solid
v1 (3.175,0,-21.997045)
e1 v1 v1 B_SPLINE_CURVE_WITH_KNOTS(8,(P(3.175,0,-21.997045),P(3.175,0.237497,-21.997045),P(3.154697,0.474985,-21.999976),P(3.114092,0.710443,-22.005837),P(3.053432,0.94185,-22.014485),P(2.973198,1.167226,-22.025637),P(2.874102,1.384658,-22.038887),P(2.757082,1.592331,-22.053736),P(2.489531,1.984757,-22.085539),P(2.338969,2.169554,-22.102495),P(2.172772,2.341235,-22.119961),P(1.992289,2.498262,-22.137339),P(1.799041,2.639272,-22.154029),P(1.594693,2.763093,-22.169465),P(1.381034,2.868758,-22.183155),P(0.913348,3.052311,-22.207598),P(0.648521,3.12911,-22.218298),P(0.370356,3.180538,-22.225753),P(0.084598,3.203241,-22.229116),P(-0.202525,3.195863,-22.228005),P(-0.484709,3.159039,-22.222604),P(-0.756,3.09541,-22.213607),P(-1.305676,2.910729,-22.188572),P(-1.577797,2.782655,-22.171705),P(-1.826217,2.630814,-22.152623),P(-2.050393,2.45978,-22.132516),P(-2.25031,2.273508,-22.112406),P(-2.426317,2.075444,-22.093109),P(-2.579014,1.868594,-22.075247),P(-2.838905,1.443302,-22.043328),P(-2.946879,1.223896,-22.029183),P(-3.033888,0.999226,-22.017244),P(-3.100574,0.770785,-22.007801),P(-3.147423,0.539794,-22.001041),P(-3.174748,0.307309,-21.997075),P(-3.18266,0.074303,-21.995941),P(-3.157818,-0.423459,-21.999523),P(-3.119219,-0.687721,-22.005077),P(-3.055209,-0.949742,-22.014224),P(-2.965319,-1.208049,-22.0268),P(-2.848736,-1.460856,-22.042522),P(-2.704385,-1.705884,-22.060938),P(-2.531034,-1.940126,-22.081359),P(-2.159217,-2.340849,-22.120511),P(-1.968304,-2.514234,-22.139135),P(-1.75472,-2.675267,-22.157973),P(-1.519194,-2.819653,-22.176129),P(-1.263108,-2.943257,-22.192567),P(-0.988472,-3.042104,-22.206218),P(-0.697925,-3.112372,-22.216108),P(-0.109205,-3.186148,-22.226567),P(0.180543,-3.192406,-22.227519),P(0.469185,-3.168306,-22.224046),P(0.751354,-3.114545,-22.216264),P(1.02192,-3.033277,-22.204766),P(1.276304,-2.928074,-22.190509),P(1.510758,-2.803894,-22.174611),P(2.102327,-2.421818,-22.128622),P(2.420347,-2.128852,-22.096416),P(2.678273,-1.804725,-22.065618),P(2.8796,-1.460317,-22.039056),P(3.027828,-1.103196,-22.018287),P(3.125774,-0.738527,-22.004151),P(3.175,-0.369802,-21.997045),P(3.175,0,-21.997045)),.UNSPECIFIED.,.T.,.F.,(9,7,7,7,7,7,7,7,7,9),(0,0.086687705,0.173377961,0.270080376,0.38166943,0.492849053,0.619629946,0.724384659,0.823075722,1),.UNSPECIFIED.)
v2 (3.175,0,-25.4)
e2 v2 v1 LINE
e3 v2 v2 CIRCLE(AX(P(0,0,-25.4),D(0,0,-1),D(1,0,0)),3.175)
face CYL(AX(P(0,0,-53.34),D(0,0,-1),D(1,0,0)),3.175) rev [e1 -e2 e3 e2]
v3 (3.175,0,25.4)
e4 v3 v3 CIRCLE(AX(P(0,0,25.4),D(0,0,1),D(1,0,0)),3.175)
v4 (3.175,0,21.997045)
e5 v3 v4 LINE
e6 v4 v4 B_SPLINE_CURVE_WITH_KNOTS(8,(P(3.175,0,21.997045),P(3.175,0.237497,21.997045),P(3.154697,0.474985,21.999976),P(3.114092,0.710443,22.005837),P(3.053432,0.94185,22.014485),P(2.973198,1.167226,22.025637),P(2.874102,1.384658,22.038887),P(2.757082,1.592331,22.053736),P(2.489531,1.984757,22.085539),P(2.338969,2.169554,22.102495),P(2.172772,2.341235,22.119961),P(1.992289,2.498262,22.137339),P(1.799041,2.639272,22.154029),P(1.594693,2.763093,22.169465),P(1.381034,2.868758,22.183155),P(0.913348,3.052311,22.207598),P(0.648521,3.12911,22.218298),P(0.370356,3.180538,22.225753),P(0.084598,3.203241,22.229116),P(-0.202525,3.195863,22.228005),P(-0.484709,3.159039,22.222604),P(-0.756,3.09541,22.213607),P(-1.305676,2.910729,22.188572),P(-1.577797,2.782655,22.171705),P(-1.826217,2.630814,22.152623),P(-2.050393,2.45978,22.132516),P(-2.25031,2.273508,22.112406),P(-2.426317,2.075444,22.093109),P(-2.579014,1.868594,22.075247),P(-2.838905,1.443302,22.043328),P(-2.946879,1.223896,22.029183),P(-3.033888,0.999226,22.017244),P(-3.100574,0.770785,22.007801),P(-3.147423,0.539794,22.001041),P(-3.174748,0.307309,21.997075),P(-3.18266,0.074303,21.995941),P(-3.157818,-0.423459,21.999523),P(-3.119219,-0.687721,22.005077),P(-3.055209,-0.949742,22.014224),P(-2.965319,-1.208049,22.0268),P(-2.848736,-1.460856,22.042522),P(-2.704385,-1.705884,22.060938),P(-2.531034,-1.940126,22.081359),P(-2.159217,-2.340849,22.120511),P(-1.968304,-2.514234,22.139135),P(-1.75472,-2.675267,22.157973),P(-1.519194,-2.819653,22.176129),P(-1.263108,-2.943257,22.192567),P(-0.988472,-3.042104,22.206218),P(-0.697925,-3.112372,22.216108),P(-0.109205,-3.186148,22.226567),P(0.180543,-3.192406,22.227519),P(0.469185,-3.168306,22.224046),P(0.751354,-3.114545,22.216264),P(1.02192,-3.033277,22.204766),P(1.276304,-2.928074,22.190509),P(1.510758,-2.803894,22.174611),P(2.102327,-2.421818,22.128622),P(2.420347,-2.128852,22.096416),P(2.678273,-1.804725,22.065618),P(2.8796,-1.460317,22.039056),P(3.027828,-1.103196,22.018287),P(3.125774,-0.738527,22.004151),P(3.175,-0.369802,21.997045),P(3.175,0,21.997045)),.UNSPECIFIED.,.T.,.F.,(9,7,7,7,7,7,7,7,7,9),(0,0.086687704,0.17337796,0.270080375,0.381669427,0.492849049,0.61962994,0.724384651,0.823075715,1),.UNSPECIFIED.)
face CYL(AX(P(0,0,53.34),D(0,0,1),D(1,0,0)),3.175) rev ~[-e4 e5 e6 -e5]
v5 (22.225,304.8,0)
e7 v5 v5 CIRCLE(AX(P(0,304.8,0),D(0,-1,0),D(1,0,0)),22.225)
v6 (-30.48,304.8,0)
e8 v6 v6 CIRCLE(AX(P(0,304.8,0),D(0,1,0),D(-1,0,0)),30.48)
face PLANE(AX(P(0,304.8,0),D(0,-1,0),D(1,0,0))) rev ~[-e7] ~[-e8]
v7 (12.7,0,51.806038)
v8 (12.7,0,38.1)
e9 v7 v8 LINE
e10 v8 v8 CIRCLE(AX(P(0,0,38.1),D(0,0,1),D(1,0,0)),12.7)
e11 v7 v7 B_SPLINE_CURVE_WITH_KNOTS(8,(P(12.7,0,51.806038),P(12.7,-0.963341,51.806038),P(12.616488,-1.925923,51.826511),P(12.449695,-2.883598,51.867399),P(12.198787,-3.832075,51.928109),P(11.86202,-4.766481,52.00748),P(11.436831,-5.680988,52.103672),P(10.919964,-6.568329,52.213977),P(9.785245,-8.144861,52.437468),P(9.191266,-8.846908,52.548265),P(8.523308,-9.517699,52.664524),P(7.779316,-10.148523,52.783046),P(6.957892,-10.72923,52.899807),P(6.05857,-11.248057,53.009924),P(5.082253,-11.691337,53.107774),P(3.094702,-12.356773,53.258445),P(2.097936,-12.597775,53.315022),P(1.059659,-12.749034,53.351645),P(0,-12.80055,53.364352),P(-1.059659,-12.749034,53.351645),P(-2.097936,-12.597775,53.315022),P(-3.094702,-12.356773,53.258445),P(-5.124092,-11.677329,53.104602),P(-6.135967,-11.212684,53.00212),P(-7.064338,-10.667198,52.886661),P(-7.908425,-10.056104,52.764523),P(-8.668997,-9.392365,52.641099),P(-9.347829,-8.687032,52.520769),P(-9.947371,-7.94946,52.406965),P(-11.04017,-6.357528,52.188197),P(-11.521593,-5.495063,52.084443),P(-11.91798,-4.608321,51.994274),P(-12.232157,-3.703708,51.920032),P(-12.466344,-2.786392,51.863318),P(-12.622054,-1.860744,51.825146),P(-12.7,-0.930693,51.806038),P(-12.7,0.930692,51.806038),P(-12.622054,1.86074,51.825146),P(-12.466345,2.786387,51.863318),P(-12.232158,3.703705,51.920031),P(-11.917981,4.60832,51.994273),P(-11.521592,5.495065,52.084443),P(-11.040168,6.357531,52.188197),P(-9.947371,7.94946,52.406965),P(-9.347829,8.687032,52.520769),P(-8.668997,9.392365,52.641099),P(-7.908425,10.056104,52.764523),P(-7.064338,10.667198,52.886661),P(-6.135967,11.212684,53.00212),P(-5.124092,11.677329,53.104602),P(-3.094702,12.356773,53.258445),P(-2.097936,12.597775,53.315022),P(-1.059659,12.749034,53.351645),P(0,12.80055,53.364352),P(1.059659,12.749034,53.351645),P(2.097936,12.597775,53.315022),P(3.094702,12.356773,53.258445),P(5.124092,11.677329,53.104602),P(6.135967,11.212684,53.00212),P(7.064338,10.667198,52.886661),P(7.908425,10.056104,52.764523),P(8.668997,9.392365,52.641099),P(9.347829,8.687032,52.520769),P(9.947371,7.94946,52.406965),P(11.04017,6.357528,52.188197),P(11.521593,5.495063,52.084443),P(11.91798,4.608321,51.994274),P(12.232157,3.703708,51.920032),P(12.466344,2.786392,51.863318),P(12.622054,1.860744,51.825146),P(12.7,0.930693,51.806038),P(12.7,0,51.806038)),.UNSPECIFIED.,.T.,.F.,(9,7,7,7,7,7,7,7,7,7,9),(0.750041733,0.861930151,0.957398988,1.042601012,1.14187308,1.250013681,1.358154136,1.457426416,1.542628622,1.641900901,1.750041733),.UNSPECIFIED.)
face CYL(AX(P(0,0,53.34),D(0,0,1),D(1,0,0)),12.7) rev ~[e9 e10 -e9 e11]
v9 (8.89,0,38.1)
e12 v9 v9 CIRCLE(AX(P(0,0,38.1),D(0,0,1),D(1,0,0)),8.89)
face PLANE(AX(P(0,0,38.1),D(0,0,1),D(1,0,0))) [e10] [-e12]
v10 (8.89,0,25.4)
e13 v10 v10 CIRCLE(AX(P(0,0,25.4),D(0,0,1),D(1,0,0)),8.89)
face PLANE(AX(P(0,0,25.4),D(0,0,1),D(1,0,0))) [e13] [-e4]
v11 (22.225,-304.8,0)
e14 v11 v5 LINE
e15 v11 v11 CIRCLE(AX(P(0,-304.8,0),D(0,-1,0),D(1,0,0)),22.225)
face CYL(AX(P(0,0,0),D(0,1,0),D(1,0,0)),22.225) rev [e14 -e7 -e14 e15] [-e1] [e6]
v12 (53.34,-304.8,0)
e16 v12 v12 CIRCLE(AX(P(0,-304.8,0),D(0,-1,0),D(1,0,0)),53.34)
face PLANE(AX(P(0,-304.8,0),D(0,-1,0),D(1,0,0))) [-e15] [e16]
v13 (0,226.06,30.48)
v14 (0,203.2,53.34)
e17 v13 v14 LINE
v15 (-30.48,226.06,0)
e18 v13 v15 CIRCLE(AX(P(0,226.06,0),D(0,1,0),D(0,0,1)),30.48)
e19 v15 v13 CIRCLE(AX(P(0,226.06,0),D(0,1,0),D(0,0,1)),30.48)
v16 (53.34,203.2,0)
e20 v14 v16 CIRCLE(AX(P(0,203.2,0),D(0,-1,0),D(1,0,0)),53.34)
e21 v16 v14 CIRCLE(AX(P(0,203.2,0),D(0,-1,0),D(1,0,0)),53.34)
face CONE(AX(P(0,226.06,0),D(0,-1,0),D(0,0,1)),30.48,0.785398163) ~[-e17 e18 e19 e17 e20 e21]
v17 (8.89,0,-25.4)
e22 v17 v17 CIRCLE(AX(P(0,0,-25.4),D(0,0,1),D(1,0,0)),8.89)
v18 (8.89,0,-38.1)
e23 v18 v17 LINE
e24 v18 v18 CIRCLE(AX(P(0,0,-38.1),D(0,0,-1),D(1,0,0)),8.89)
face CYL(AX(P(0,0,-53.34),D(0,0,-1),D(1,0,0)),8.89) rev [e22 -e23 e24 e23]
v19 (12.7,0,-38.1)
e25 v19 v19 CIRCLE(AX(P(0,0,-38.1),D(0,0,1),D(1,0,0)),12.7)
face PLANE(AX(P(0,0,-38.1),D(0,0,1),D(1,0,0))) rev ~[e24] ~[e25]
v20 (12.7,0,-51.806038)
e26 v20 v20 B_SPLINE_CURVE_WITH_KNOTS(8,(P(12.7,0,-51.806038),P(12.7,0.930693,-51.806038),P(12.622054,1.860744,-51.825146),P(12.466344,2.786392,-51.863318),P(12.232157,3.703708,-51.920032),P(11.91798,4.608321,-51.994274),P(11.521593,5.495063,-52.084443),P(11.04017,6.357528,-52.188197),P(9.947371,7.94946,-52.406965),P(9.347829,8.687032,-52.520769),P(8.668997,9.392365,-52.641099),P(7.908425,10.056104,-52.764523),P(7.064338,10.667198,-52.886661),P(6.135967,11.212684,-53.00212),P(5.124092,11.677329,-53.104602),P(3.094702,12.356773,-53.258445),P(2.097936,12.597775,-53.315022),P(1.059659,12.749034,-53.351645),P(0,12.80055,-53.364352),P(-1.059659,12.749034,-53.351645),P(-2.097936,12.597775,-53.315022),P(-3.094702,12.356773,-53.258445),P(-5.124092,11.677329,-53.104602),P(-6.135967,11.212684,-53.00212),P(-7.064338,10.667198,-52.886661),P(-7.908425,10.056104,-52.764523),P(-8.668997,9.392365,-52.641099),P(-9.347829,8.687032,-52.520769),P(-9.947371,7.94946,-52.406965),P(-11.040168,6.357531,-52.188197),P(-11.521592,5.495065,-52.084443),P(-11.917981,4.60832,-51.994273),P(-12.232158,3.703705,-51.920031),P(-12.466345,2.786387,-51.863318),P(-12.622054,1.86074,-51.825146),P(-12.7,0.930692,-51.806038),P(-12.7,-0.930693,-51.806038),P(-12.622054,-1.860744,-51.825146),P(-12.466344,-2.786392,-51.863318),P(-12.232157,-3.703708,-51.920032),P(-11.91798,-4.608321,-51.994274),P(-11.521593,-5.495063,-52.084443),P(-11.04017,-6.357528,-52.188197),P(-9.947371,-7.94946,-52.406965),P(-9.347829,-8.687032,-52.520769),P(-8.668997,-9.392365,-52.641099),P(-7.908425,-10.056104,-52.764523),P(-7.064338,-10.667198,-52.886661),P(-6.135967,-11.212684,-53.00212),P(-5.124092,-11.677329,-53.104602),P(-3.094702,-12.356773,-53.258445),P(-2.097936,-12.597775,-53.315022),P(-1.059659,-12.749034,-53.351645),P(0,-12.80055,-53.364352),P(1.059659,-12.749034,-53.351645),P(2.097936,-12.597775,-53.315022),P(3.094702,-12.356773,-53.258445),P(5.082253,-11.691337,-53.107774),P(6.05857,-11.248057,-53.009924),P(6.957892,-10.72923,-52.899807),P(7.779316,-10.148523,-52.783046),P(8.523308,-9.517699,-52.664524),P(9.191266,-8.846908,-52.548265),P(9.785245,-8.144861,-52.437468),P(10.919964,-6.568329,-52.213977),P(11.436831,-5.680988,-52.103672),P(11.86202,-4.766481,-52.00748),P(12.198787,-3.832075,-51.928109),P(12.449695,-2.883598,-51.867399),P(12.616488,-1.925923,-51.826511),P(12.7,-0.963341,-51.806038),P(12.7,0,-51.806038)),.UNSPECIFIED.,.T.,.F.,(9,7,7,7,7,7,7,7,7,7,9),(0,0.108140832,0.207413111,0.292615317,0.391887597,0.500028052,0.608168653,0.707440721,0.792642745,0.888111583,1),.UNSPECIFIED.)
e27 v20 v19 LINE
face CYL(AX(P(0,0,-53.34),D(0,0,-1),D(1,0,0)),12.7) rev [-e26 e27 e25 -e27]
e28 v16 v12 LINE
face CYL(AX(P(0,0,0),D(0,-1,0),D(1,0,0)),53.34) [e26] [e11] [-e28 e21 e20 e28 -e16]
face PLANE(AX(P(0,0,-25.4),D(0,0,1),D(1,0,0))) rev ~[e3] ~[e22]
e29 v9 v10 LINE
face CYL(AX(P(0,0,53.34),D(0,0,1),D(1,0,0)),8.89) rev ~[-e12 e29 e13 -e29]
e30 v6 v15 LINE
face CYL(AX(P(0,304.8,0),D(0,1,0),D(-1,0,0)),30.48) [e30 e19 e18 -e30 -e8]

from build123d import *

# Parameters (mm, degrees)
F0_R      = 53.34
F0_R_2    = 22.225
F1_DEPTH  = 304.8
F4_R      = 53.34
F4_R_2    = 30.48
F5_DEPTH  = 101.6
F10_R     = 12.7
F10_R_2   = 8.89
F10_R_3   = 3.175
F11_DEPTH = 15.24
F12_DEPTH = 27.94
F13_DEPTH = 32.3429548439
F14_R     = 12.7
F14_R_2   = 8.89
F14_R_3   = 3.175
F15_DEPTH = 15.24
F16_DEPTH = 27.94
F17_DEPTH = 32.3429548439


with BuildPart() as f1:
    # F0 (on Front) → F1 (new body, symmetric)
    with BuildSketch(Plane.XZ):
        Circle(F0_R)
        Circle(F0_R_2, mode=Mode.SUBTRACT)
    extrude(amount=F1_DEPTH, both=True)

    # F4 (on offset) → F5 (cut)
    with BuildSketch(Plane(origin=(0, 304.8, 0), x_dir=(-1, 0, 0), z_dir=(0, 1, 0))):
        Circle(F4_R)
        Circle(F4_R_2, mode=Mode.SUBTRACT)
    extrude(amount=-F5_DEPTH, mode=Mode.SUBTRACT)

    # F6 (on Right) → F7 (revolve)
    with BuildSketch(Plane.YZ):
        Polygon((203.2, 53.34), (203.2, 30.48), (226.06, 30.48), align=None)
    revolve(axis=Axis((0, 101.6, 0), (0, 1, 0)))

    # F10 (on offset) → F11 (cut)
    with BuildSketch(Plane.XY.offset(53.34)):
        Circle(F10_R)
        Circle(F10_R_2, mode=Mode.SUBTRACT)
        Circle(F10_R_2)
        Circle(F10_R_3, mode=Mode.SUBTRACT)
        Circle(F10_R_3)
    extrude(amount=-F11_DEPTH, mode=Mode.SUBTRACT)

    # F10 (on offset) → F12 (cut)
    with BuildSketch(Plane.XY.offset(53.34)):
        Circle(F10_R_2)
        Circle(F10_R_3, mode=Mode.SUBTRACT)
        Circle(F10_R_3)
    extrude(amount=-F12_DEPTH, mode=Mode.SUBTRACT)

    # F10 (on offset) → F13 (cut, up to face)
    with BuildSketch(Plane.XY.offset(53.34)):
        Circle(F10_R_3)
    extrude(amount=-F13_DEPTH, mode=Mode.SUBTRACT)

    # F14 (on offset) → F15 (cut)
    with BuildSketch(Plane.XY.offset(-53.34)):
        Circle(F14_R)
        Circle(F14_R_2, mode=Mode.SUBTRACT)
        Circle(F14_R_2)
        Circle(F14_R_3, mode=Mode.SUBTRACT)
        Circle(F14_R_3)
    extrude(amount=F15_DEPTH, mode=Mode.SUBTRACT)

    # F14 (on offset) → F16 (cut)
    with BuildSketch(Plane.XY.offset(-53.34)):
        Circle(F14_R_2)
        Circle(F14_R_3, mode=Mode.SUBTRACT)
        Circle(F14_R_3)
    extrude(amount=F16_DEPTH, mode=Mode.SUBTRACT)

    # F14 (on offset) → F17 (cut, up to face)
    with BuildSketch(Plane.XY.offset(-53.34)):
        Circle(F14_R_3)
    extrude(amount=F17_DEPTH, mode=Mode.SUBTRACT)


solid = f1.part
